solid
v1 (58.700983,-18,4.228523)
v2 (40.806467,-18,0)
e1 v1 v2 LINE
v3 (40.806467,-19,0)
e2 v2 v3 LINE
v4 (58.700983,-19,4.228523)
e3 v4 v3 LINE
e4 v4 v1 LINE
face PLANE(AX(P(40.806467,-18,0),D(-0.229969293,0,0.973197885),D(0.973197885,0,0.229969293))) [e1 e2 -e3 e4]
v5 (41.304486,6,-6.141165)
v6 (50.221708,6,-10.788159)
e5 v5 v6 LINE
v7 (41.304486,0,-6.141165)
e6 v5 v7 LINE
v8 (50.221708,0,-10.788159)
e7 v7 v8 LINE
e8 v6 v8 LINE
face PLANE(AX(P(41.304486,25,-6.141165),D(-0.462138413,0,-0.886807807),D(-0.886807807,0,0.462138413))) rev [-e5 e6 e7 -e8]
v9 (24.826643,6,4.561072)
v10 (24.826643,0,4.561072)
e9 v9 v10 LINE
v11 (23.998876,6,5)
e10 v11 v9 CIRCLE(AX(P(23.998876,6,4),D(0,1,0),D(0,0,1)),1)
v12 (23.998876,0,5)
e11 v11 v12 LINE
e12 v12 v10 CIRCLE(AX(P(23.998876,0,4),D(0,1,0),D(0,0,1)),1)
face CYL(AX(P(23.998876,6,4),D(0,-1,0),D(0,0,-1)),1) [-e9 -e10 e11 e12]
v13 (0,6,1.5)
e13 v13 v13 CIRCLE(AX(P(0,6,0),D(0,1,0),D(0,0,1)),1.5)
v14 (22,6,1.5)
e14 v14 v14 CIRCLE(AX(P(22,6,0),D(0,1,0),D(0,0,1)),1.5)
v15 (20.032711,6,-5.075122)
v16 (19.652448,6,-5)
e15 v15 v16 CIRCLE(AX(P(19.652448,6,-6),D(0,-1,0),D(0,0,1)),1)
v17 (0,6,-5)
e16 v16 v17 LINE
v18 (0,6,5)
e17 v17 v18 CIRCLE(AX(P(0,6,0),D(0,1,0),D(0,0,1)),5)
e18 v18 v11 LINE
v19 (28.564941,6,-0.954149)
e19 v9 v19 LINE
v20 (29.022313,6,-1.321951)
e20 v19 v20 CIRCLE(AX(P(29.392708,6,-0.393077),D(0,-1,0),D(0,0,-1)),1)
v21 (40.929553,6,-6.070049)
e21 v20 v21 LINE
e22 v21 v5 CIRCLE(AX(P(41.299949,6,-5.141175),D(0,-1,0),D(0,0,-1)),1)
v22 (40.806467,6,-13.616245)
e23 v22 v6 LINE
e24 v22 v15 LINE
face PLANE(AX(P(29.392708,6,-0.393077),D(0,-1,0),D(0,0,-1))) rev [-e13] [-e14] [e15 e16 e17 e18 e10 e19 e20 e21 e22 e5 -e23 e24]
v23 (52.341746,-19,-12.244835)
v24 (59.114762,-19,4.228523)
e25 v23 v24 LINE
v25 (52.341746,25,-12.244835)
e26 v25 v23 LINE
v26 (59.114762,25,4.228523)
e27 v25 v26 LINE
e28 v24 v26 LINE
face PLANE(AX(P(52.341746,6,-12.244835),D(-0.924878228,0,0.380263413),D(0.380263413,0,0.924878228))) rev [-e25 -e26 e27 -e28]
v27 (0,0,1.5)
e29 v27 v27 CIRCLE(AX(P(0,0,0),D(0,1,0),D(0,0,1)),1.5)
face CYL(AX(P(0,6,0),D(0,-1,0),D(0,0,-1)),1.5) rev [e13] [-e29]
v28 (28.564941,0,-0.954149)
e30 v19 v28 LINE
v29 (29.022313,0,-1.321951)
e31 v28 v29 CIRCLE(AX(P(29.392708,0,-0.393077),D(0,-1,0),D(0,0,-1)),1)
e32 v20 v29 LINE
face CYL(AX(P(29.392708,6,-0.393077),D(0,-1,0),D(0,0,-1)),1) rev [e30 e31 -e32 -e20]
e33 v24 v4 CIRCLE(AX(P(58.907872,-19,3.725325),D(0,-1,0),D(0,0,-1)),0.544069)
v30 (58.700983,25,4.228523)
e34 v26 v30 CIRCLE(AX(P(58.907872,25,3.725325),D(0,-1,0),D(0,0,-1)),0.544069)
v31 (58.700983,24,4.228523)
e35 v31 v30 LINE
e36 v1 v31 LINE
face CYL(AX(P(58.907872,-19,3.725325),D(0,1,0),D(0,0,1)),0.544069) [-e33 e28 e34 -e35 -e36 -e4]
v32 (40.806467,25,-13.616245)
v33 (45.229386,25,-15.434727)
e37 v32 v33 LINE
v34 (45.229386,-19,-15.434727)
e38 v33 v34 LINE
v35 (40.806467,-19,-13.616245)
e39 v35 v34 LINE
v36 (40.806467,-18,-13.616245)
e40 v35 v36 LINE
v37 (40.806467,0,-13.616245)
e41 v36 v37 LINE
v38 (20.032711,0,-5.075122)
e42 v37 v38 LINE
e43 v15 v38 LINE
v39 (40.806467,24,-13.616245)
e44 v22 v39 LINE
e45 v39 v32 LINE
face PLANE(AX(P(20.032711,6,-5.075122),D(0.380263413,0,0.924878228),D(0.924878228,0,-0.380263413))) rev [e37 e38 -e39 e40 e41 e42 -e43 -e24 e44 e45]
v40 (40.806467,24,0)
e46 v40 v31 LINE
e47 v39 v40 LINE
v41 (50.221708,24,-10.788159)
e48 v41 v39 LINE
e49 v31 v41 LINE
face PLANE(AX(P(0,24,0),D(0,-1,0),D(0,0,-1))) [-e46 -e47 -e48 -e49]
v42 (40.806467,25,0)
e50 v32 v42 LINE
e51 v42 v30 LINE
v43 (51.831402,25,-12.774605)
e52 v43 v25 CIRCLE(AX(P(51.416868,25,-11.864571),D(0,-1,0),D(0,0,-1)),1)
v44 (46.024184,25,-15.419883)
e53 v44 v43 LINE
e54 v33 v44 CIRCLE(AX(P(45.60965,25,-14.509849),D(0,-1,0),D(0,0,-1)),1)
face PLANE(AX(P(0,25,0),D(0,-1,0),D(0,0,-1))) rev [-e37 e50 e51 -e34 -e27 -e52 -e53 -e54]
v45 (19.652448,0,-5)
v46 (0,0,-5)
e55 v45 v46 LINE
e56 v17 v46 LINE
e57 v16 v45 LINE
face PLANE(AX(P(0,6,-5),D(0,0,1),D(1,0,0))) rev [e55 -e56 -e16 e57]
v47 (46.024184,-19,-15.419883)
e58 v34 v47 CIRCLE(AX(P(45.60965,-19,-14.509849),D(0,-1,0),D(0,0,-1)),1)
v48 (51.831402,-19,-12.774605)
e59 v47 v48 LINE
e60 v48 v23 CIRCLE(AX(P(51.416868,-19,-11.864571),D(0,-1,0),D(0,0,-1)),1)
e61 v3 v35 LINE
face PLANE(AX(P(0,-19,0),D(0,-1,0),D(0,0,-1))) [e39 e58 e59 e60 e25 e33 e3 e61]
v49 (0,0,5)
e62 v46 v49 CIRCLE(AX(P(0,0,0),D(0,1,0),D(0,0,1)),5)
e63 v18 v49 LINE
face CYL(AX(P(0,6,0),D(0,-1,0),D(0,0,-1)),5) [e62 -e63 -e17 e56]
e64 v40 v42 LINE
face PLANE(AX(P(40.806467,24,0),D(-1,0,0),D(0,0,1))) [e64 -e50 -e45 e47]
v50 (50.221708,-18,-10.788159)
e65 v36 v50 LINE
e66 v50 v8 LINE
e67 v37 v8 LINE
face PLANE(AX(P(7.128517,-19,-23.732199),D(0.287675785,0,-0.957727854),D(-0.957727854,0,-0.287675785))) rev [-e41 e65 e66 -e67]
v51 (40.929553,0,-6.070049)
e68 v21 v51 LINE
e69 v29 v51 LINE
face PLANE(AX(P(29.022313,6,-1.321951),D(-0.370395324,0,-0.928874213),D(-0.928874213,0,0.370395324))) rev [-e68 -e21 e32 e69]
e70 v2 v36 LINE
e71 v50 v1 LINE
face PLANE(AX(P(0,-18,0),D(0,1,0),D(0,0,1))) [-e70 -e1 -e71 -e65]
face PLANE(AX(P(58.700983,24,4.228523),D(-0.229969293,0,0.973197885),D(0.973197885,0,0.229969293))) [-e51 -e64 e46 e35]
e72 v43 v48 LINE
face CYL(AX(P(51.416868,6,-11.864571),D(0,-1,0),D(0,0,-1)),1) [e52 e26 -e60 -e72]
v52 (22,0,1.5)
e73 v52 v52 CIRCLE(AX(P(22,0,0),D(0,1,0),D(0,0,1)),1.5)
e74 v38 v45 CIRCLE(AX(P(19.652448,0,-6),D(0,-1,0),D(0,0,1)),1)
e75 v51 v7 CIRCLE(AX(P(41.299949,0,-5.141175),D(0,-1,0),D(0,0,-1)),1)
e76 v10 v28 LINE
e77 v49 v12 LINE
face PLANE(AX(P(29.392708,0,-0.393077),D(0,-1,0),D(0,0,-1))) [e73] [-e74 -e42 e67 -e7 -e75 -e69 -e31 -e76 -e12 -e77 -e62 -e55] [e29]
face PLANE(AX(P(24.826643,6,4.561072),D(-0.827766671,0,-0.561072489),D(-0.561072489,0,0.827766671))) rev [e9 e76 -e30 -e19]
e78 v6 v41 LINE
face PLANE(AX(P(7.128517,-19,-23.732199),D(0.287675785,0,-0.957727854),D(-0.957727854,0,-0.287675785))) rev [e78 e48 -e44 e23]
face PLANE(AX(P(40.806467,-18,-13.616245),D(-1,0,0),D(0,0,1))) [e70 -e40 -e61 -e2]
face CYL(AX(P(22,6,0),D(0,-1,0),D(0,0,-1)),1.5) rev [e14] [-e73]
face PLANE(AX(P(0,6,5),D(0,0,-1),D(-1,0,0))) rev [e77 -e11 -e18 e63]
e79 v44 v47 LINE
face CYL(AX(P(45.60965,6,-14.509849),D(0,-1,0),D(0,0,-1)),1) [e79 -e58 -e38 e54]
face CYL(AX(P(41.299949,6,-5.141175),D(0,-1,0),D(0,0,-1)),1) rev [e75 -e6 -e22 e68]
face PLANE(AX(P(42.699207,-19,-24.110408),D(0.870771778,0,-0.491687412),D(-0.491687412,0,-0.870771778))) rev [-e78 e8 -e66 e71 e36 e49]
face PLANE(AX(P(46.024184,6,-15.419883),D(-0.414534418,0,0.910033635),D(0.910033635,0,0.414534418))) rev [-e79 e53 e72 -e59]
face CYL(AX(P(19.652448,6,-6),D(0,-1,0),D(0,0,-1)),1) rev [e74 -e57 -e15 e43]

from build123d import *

# Parameters (mm, degrees)
SKETCH1_R                    = 1.5
BOSS_EXTRUDE1_DEPTH          = 6
SALIENTE_EXTRUIR7_DEPTH      = 19
SALIENTE_EXTRUIR7_DEPTH_BACK = 25
CORTAR_EXTRUIR2_DEPTH        = 25
SALIENTE_EXTRUIR8_DEPTH      = 1
SALIENTE_EXTRUIR10_DEPTH     = 1


with BuildPart() as part:
    # Sketch1 → Boss-Extrude1 (new body)
    with BuildSketch(Plane(origin=(0, 0, 0), x_dir=(1, 0, 0), z_dir=(0, 1, 0))):
        with BuildLine():
            Line((0, -5), (23.998875872, -5))
            ThreePointArc((23.998875872, -5), (24.467345461, -4.883479623), (24.826642543, -4.561072489))
            Line((24.826642543, -4.561072489), (28.564941326, 0.954149161))
            ThreePointArc((28.564941326, 0.954149161), (28.766036178, 1.172359953), (29.022312673, 1.321950886))
            Line((29.022312673, 1.321950886), (40.929553216, 6.070049343))
            ThreePointArc((40.929553216, 6.070049343), (41.304486381, 6.141164834), (41.678758689, 6.066649533))
            Line((41.678758689, 6.066649533), (47.144586244, 3.829406729))
            Line((47.144586244, 3.829406729), (48.06174016, 3.086958957))
            Line((48.06174016, 3.086958957), (48.804187932, 4.004112872))
            Line((48.804187932, 4.004112872), (49.721341848, 3.2616651))
            Line((49.721341848, 3.2616651), (50.46378962, 4.178819016))
            Line((50.46378962, 4.178819016), (51.380943536, 3.436371244))
            Line((51.380943536, 3.436371244), (52.123391308, 4.35352516))
            Line((52.123391308, 4.35352516), (53.040545224, 3.611077387))
            Line((53.040545224, 3.611077387), (53.782992996, 4.528231303))
            Line((53.782992996, 4.528231303), (54.700146912, 3.785783531))
            Line((54.700146912, 3.785783531), (55.442594685, 4.702937447))
            Line((55.442594685, 4.702937447), (52.341745918, 12.244834503))
            ThreePointArc((52.341745918, 12.244834503), (52.137055639, 12.558350103), (51.831402108, 12.774604725))
            Line((51.831402108, 12.774604725), (46.024183924, 15.419882568))
            ThreePointArc((46.024183924, 15.419882568), (45.628323444, 15.509674561), (45.229386093, 15.434727162))
            Line((45.229386093, 15.434727162), (20.032711481, 5.075121772))
            ThreePointArc((20.032711481, 5.075121772), (19.846254378, 5.018960187), (19.652448068, 5))
            Line((19.652448068, 5), (0, 5))
            ThreePointArc((0, 5), (-5, 0), (0, -5))
        make_face()
        with Locations(Location((0, 0, 0), (0, 0, 270))):
            Circle(SKETCH1_R, mode=Mode.SUBTRACT)
        with Locations(Location((22, 0, 0), (0, 0, 270))):
            Circle(SKETCH1_R, mode=Mode.SUBTRACT)
    extrude(amount=BOSS_EXTRUDE1_DEPTH)

    # Croquis4 → Saliente-Extruir7 (add, two sides: drawn at the far end of the back side and taken through both)
    with BuildSketch(Plane.XZ.offset(-SALIENTE_EXTRUIR7_DEPTH_BACK)):
        with BuildLine():
            Line((54.700146912, -3.785783531), (55.442594685, -4.702937447))
            Line((55.442594685, -4.702937447), (58.800233779, 3.463526096))
            Line((58.800233779, 3.463526096), (59.114761869, 4.228522601))
            ThreePointArc((59.114761869, 4.228522601), (58.907872463, 4.269394003), (58.700983057, 4.228522601))
            Line((58.700983057, 4.228522601), (53.767339251, -4.508894058))
            Line((53.767339251, -4.508894058), (53.782992996, -4.528231303))
            Line((53.782992996, -4.528231303), (54.700146912, -3.785783531))
        make_face()
        with BuildLine():
            Line((54.16164527, -7.818467854), (54.301219391, -7.478995106))
            Line((54.301219391, -7.478995106), (55.442594685, -4.702937447))
            Line((55.442594685, -4.702937447), (54.700146912, -3.785783531))
            Line((54.700146912, -3.785783531), (53.782992996, -4.528231303))
            Line((53.782992996, -4.528231303), (53.767339251, -4.508894058))
            Line((53.767339251, -4.508894058), (50.221708115, -10.788158993))
            Line((50.221708115, -10.788158993), (40.806466815, -13.616245196))
            Line((40.806466815, -13.616245196), (45.229386093, -15.434727162))
            ThreePointArc((45.229386093, -15.434727162), (45.628323444, -15.509674561), (46.024183924, -15.419882568))
            Line((46.024183924, -15.419882568), (51.831402108, -12.774604725))
            ThreePointArc((51.831402108, -12.774604725), (52.137055639, -12.558350103), (52.341745918, -12.244834503))
            Line((52.341745918, -12.244834503), (54.16164527, -7.818467854))
        make_face()
    extrude(amount=SALIENTE_EXTRUIR7_DEPTH + SALIENTE_EXTRUIR7_DEPTH_BACK)

    # Croquis5 → Cortar-Extruir2 (cut)
    with BuildSketch(Plane.XZ):
        Polygon((41.304486381, -6.141164834), (50.221708115, -10.788158993), (53.767339251, -4.508894058), (53.601046398, -4.303470665), (53.040545224, -3.611077387), (52.123391308, -4.35352516), (51.380943536, -3.436371244), (50.46378962, -4.178819016), (49.721341848, -3.2616651), (48.804187932, -4.004112872), (48.06174016, -3.086958957), (47.144586244, -3.829406729), align=None)
    extrude(amount=-CORTAR_EXTRUIR2_DEPTH, mode=Mode.SUBTRACT)

    # Croquis6 → Saliente-Extruir8 (add)
    with BuildSketch(Plane(origin=(0, -19, 0), x_dir=(-1, 0, 0), z_dir=(0, -1, 0))):
        Polygon((-40.806466815, 13.616245196), (-40.806466815, 0), (-58.700983057, -4.228522601), (-50.221708115, 10.788158993), align=None)
    extrude(amount=-SALIENTE_EXTRUIR8_DEPTH)

    # Croquis7 → Saliente-Extruir10 (add)
    with BuildSketch(Plane(origin=(0, 25, 0), x_dir=(1, 0, 0), z_dir=(0, 1, 0))):
        Polygon((40.806466815, 0), (40.806466815, 13.616245196), (50.221708115, 10.788158993), (58.700983057, -4.228522601), align=None)
    extrude(amount=-SALIENTE_EXTRUIR10_DEPTH)


solid = part.part
